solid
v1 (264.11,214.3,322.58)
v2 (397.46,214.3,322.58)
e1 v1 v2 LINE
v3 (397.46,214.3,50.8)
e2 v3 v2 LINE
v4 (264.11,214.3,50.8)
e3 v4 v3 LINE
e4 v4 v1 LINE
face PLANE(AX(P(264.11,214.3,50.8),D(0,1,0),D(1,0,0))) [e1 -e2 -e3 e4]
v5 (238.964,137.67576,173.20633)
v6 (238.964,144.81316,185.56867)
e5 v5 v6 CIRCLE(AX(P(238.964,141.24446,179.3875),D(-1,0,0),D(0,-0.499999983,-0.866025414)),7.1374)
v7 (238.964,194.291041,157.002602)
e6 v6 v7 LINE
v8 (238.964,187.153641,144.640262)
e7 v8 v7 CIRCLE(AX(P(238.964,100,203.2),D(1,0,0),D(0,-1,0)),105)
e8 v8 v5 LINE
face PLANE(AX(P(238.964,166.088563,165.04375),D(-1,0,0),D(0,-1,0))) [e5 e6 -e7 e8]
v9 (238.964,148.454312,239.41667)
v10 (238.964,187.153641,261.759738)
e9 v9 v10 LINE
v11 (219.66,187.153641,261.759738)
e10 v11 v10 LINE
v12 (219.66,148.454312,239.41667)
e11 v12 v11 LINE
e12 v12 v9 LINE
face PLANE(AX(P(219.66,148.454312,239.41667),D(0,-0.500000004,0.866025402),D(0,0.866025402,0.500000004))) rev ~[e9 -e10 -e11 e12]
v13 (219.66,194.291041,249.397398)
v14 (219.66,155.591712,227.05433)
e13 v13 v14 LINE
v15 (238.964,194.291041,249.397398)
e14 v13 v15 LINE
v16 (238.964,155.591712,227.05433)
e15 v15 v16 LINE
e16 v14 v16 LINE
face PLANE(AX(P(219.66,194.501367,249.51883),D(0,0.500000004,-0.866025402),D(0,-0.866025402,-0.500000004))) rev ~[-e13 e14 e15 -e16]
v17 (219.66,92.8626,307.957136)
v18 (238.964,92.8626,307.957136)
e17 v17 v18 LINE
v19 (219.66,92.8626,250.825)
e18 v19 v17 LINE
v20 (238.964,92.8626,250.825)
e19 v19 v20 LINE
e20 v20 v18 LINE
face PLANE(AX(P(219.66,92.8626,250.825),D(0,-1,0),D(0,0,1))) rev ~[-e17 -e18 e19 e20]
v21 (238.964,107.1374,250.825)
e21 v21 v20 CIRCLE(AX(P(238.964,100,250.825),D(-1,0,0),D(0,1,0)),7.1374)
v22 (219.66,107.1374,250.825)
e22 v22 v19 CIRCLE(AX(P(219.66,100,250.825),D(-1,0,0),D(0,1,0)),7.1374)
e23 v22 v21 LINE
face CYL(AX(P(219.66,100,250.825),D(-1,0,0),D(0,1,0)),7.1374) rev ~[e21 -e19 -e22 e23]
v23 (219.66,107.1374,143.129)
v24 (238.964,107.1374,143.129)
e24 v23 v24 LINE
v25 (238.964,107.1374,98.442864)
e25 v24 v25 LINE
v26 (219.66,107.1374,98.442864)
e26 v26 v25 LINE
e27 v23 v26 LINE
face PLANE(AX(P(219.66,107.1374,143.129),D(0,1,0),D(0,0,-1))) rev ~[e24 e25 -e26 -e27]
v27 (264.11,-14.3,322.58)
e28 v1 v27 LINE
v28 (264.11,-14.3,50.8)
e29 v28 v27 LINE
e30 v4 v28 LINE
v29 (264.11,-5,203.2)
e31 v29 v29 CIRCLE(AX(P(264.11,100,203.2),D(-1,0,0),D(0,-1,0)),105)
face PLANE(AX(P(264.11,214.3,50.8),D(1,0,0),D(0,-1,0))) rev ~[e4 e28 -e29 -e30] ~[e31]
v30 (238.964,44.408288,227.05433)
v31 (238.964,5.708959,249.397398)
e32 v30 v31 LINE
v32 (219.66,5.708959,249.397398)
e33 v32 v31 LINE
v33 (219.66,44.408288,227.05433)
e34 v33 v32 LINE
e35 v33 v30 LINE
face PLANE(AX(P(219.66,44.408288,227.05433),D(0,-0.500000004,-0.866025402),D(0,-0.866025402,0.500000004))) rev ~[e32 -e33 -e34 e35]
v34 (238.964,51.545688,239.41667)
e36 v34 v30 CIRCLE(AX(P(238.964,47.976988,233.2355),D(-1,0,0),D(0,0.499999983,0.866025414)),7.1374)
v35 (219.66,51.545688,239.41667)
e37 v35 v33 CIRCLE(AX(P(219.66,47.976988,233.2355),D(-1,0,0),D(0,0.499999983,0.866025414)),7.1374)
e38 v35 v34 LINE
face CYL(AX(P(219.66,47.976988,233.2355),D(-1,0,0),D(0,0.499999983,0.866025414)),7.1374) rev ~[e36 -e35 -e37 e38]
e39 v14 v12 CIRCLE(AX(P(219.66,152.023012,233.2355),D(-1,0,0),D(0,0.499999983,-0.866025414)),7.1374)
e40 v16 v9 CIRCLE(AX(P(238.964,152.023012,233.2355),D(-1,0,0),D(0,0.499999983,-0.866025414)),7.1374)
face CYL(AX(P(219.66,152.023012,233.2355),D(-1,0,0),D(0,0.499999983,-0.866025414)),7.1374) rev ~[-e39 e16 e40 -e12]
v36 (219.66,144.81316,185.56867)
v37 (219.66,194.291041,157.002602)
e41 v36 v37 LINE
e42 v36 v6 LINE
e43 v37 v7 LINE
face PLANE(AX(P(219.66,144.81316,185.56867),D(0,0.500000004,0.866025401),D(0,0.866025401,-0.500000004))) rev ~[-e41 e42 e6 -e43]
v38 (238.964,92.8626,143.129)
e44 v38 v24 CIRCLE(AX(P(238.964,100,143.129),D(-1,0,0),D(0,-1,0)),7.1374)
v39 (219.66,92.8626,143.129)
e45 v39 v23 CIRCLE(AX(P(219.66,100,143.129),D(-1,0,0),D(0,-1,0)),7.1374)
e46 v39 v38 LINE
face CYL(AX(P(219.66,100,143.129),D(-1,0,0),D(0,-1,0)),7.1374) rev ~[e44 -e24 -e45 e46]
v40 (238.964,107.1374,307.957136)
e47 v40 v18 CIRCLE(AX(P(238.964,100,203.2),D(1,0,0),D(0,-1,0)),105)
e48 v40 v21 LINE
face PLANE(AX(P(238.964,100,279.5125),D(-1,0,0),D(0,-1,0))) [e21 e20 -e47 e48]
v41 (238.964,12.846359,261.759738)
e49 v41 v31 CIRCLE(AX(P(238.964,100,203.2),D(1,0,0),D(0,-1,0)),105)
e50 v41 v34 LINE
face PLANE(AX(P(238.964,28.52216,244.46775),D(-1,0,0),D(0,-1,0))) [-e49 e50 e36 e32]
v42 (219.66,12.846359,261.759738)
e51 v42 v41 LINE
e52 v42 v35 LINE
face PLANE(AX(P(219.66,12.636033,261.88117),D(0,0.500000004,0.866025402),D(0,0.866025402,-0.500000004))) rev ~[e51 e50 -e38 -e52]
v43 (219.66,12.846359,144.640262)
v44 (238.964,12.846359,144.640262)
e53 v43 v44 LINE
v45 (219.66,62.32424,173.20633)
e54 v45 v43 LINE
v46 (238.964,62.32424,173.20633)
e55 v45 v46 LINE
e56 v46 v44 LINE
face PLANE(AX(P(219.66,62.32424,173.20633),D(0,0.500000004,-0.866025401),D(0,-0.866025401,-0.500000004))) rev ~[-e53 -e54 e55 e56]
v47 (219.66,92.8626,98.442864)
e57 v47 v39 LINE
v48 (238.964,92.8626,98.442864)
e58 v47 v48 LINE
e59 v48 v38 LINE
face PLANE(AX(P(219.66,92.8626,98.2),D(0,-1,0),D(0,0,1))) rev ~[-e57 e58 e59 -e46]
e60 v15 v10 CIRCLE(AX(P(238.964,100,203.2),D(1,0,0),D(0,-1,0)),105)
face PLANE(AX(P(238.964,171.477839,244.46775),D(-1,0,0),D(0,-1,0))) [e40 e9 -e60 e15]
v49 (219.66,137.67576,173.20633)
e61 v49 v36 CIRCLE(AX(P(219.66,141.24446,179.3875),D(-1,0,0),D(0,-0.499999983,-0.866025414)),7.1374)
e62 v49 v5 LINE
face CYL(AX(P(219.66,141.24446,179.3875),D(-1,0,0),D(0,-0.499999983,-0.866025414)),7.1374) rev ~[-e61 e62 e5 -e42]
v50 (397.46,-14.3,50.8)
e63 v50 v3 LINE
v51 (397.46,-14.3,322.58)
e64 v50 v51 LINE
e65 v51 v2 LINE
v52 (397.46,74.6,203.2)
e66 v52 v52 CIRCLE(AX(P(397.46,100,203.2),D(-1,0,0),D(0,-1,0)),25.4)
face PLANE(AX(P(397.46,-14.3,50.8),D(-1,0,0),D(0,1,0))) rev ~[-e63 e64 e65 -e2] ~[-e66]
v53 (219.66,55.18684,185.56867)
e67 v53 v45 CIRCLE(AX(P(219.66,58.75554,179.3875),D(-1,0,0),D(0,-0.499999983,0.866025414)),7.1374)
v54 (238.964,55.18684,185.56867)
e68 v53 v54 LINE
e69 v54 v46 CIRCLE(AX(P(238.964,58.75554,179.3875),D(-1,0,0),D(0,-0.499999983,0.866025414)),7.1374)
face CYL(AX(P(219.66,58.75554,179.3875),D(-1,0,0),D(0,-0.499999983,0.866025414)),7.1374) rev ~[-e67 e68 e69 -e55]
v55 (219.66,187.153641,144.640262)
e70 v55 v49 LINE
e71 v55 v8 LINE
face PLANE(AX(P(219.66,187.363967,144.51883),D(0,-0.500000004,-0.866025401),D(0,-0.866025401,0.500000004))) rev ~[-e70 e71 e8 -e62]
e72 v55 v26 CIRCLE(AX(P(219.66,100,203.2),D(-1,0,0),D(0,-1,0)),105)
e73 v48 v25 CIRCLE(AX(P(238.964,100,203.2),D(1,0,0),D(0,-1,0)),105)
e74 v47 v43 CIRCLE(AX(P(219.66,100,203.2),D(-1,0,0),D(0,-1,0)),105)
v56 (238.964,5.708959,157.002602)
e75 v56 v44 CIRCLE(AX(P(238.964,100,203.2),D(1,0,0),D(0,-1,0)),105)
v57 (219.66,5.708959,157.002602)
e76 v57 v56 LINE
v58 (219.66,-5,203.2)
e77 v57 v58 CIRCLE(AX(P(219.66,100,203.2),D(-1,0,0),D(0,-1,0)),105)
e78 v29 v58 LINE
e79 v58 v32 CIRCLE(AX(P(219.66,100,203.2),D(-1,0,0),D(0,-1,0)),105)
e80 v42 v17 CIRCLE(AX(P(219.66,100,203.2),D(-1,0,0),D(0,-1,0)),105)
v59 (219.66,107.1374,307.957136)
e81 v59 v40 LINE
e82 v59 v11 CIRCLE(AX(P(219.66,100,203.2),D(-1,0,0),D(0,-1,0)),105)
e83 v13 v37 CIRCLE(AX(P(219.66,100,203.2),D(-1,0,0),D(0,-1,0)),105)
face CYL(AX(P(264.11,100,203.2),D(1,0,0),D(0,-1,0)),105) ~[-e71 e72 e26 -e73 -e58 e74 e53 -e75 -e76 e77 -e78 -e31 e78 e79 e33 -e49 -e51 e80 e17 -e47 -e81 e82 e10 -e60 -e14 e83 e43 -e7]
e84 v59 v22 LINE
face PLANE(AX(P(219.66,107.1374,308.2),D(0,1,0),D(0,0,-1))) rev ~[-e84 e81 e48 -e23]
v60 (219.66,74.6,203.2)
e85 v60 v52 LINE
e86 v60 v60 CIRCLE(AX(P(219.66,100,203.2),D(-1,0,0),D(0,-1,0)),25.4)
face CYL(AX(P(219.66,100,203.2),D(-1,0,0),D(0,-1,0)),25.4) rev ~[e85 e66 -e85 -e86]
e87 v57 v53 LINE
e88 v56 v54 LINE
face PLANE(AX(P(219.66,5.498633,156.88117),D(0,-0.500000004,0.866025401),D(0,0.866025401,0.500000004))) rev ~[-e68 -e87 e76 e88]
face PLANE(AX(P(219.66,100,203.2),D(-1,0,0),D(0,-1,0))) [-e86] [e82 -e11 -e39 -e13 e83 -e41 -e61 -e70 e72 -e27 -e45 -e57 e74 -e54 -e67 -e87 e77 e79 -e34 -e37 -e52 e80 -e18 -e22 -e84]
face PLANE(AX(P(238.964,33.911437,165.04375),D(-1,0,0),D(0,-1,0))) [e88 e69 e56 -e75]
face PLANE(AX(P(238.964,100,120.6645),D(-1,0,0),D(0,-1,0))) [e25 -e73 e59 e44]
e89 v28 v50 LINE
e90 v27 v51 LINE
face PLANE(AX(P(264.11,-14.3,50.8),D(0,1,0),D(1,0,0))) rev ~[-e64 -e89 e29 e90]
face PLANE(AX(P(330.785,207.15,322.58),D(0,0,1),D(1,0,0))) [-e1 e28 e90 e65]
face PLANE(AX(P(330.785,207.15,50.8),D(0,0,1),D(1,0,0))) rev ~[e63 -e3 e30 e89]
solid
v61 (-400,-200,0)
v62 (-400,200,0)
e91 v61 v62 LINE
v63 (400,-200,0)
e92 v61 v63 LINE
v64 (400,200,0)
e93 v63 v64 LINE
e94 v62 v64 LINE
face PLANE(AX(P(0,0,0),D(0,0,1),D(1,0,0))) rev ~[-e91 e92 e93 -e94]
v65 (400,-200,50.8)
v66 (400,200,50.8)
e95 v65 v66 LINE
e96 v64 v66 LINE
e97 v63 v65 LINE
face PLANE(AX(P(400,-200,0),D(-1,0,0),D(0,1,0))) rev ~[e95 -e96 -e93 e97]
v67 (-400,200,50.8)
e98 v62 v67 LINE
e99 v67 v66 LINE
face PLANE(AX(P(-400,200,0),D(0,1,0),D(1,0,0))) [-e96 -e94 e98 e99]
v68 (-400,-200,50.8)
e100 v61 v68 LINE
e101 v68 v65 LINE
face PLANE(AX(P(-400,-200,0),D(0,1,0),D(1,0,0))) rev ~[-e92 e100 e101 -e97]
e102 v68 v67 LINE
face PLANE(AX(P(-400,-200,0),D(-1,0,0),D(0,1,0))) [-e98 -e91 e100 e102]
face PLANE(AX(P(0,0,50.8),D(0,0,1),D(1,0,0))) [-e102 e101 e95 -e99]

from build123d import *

# Parameters (mm, degrees)
F0_W     = 800
F0_H     = 400
F1_DEPTH = 50.8
F2_W     = 133.35
F2_H     = 14.3
F2_H_2   = 214.3
F3_DEPTH = 271.78
F4_R     = 105
F5_DEPTH = 44.45
F7_DEPTH = 19.304
F8_R     = 25.4
F9_DEPTH = 180.341


with BuildPart() as f1:
    # F0 (on Top) → F1 (new body)
    with BuildSketch(Plane.XY):
        Rectangle(F0_W, F0_H)
    extrude(amount=F1_DEPTH)


with BuildPart() as f3:
    # F2 (on face) → F3 (new body)
    with BuildSketch(Plane.XY.offset(50.8)):
        with Locations((330.785, 207.15)):
            Rectangle(F2_W, F2_H)
        with Locations((330.785, 92.85)):
            Rectangle(F2_W, F2_H_2)
    extrude(amount=F3_DEPTH)

    # F4 (on face) → F5 (join)
    with BuildSketch(Plane(origin=(264.11, 0, 0), x_dir=(0, -1, 0), z_dir=(-1, 0, 0))):
        with Locations((-100, 203.2)):
            Circle(F4_R)
    extrude(amount=F5_DEPTH)

    # F6 (on face) → F7 (cut)
    with BuildSketch(Plane(origin=(219.66, 0, 0), x_dir=(0, -1, 0), z_dir=(-1, 0, 0))):
        with BuildLine():
            Line((-107.1374, 308.2), (-107.1374, 250.825))
            ThreePointArc((-107.1374, 250.825), (-100, 243.6876), (-92.8626, 250.825))
            Line((-92.8626, 250.825), (-92.8626, 308.2))
            ThreePointArc((-92.8626, 308.2), (-100, 315.3374), (-107.1374, 308.2))
        make_face()
        with BuildLine():
            Line((-92.8626, 98.2), (-92.8626, 143.129))
            ThreePointArc((-92.8626, 143.129), (-100, 150.2664), (-107.1374, 143.129))
            Line((-107.1374, 143.129), (-107.1374, 98.2))
            ThreePointArc((-107.1374, 98.2), (-100, 91.0626), (-92.8626, 98.2))
        make_face()
        with BuildLine():
            ThreePointArc((-137.67576, 173.20633), (-135.06329, 182.9562), (-144.81316, 185.56867))
            Line((-144.81316, 185.56867), (-194.501367, 156.88117))
            ThreePointArc((-194.501367, 156.88117), (-197.113837, 147.1313), (-187.363967, 144.51883))
            Line((-187.363967, 144.51883), (-137.67576, 173.20633))
        make_face()
        with BuildLine():
            ThreePointArc((-55.18684, 185.56867), (-64.93671, 182.9562), (-62.32424, 173.20633))
            Line((-62.32424, 173.20633), (-12.636033, 144.51883))
            ThreePointArc((-12.636033, 144.51883), (-2.886163, 147.1313), (-5.498633, 156.88117))
            Line((-5.498633, 156.88117), (-55.18684, 185.56867))
        make_face()
        with BuildLine():
            ThreePointArc((-51.545688, 239.41667), (-54.158158, 229.6668), (-44.408288, 227.05433))
            Line((-44.408288, 227.05433), (-5.498633, 249.51883))
            ThreePointArc((-5.498633, 249.51883), (-2.886163, 259.2687), (-12.636033, 261.88117))
            Line((-12.636033, 261.88117), (-51.545688, 239.41667))
        make_face()
        with BuildLine():
            ThreePointArc((-155.591712, 227.05433), (-145.841842, 229.6668), (-148.454312, 239.41667))
            Line((-148.454312, 239.41667), (-187.363967, 261.88117))
            ThreePointArc((-187.363967, 261.88117), (-197.113837, 259.2687), (-194.501367, 249.51883))
            Line((-194.501367, 249.51883), (-155.591712, 227.05433))
        make_face()
    extrude(amount=-F7_DEPTH, mode=Mode.SUBTRACT)

    # F8 (on face) → F9 (cut, through all)
    with BuildSketch(Plane(origin=(219.66, 0, 0), x_dir=(0, -1, 0), z_dir=(-1, 0, 0))):
        with Locations((-100, 203.2)):
            Circle(F8_R)
    extrude(amount=-F9_DEPTH, mode=Mode.SUBTRACT)


solid = Compound([f1.part, f3.part])
